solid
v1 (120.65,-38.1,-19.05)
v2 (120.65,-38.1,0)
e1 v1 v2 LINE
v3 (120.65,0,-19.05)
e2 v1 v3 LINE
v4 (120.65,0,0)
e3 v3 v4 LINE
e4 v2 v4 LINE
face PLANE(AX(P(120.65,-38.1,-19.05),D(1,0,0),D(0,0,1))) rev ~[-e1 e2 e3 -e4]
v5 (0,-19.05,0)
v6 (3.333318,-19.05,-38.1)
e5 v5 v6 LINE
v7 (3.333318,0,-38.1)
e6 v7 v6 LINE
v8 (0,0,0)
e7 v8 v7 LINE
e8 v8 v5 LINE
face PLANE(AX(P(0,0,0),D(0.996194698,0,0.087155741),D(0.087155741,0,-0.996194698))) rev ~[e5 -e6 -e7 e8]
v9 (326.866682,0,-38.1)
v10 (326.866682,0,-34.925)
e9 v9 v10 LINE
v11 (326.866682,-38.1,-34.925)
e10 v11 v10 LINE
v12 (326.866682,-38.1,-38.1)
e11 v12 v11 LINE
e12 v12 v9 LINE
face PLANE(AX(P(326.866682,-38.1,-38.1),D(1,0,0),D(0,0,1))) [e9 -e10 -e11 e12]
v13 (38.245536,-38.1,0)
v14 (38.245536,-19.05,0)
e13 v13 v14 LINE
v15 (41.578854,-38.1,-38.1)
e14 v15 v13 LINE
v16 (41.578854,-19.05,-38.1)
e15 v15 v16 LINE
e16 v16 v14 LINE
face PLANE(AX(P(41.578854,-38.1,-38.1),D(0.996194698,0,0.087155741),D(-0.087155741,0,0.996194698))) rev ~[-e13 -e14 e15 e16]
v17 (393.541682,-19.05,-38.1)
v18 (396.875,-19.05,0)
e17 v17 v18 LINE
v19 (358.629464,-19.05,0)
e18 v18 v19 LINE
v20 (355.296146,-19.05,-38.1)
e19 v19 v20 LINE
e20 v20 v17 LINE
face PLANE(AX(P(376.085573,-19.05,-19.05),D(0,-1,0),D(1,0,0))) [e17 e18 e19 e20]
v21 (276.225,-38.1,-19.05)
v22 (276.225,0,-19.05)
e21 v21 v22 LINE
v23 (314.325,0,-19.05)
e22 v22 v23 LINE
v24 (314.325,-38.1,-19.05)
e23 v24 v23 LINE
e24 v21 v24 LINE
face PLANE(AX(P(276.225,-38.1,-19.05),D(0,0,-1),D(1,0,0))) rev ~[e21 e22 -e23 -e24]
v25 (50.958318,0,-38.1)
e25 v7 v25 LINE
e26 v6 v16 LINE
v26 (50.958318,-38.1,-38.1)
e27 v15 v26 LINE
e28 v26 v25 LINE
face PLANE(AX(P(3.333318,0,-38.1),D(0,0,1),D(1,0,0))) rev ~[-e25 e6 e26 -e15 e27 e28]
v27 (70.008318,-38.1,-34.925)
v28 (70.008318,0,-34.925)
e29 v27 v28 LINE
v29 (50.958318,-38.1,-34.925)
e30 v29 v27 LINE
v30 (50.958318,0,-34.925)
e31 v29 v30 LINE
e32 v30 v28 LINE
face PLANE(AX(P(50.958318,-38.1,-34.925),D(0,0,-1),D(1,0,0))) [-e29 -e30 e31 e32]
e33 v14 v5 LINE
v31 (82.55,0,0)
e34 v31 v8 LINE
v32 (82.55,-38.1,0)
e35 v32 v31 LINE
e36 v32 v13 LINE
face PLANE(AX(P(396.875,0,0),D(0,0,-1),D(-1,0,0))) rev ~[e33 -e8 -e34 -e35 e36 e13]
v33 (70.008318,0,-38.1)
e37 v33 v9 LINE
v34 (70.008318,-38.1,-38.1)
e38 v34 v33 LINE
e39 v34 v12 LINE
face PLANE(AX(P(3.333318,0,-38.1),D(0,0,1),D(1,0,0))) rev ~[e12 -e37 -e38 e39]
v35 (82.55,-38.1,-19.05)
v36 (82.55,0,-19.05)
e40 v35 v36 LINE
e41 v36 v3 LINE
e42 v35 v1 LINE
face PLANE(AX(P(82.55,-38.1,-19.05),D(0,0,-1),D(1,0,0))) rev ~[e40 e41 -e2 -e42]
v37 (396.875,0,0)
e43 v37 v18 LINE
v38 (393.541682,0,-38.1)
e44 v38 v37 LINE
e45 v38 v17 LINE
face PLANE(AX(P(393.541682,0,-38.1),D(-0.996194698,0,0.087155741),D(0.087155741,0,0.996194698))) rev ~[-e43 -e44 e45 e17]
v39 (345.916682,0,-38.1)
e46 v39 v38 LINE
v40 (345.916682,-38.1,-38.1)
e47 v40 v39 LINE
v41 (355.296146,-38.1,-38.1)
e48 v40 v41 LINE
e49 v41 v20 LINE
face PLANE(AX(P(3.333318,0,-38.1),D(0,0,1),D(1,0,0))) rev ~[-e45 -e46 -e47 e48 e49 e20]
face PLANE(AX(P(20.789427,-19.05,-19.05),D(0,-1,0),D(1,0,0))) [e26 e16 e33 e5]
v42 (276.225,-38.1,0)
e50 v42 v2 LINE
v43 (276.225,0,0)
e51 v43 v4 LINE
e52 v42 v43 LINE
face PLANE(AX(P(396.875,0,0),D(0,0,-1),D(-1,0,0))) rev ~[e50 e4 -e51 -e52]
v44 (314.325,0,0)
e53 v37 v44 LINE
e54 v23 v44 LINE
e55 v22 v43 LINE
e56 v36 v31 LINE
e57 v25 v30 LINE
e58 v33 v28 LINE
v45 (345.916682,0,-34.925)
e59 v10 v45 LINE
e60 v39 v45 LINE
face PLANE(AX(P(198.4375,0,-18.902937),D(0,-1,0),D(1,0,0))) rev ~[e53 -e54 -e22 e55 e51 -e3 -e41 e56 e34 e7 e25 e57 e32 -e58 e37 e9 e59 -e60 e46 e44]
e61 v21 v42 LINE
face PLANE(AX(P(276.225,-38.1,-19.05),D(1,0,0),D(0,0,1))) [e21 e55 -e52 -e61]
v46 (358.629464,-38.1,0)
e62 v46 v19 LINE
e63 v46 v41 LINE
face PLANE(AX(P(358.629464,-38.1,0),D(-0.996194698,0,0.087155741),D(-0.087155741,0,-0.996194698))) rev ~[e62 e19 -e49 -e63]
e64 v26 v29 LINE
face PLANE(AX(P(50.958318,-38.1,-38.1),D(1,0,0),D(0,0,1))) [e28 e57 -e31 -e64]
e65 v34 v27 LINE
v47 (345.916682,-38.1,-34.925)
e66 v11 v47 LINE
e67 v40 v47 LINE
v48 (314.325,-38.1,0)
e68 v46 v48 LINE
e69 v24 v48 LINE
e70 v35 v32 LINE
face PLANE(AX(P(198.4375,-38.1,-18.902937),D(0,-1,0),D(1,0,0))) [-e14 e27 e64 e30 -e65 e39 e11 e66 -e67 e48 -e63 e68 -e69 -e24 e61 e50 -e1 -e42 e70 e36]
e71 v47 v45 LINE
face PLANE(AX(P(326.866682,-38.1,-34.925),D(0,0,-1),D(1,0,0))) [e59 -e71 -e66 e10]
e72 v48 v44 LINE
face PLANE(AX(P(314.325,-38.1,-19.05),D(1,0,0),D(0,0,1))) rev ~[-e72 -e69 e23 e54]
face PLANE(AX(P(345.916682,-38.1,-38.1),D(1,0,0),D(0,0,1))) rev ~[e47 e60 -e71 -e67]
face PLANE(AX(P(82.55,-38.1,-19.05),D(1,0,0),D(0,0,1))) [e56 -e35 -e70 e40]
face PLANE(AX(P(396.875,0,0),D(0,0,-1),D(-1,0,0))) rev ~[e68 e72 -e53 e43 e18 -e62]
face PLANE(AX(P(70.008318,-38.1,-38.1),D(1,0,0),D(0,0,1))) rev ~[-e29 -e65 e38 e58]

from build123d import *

# Parameters (mm, degrees)
F1_DEPTH  = 38.1
F3_DEPTH  = 19.05
F5_DEPTH  = 19.05
F6_W      = 38.1
F6_H      = 19.05
F7_DEPTH  = 38.1
F8_W      = 19.05
F8_H      = 3.175
F9_DEPTH  = 38.1
F10_W     = 19.05
F10_H     = 3.175
F11_DEPTH = 38.1
F12_W     = 38.1
F12_H     = 19.05
F13_DEPTH = 38.1


with BuildPart() as f1:
    # F0 (on Front) → F1 (new body)
    with BuildSketch(Plane.XZ):
        Polygon((396.875, 0), (0, 0), (3.333318, -38.1), (393.541682, -38.1), align=None)
    extrude(amount=F1_DEPTH)

    # F2 (on face) → F3 (cut)
    with BuildSketch(Plane.XZ.offset(38.1)):
        Polygon((396.875, 0), (358.629464, 0), (355.296146, -38.1), (393.541682, -38.1), align=None)
    extrude(amount=-F3_DEPTH, mode=Mode.SUBTRACT)

    # F4 (on face) → F5 (cut)
    with BuildSketch(Plane.XZ.offset(38.1)):
        Polygon((41.578854, -38.1), (38.245536, 0), (0, 0), (3.333318, -38.1), align=None)
    extrude(amount=-F5_DEPTH, mode=Mode.SUBTRACT)

    # F6 (on face) → F7 (cut)
    with BuildSketch(Plane.XZ.offset(38.1)):
        with Locations((295.275, -9.525)):
            Rectangle(F6_W, F6_H)
    extrude(amount=-F7_DEPTH, mode=Mode.SUBTRACT)

    # F8 (on face) → F9 (cut)
    with BuildSketch(Plane.XZ.offset(38.1)):
        with Locations((60.483318, -36.5125)):
            Rectangle(F8_W, F8_H)
    extrude(amount=-F9_DEPTH, mode=Mode.SUBTRACT)

    # F10 (on face) → F11 (cut)
    with BuildSketch(Plane.XZ.offset(38.1)):
        with Locations((336.391682, -36.5125)):
            Rectangle(F10_W, F10_H)
    extrude(amount=-F11_DEPTH, mode=Mode.SUBTRACT)

    # F12 (on face) → F13 (cut)
    with BuildSketch(Plane.XZ.offset(38.1)):
        with Locations((101.6, -9.525)):
            Rectangle(F12_W, F12_H)
    extrude(amount=-F13_DEPTH, mode=Mode.SUBTRACT)


solid = f1.part
